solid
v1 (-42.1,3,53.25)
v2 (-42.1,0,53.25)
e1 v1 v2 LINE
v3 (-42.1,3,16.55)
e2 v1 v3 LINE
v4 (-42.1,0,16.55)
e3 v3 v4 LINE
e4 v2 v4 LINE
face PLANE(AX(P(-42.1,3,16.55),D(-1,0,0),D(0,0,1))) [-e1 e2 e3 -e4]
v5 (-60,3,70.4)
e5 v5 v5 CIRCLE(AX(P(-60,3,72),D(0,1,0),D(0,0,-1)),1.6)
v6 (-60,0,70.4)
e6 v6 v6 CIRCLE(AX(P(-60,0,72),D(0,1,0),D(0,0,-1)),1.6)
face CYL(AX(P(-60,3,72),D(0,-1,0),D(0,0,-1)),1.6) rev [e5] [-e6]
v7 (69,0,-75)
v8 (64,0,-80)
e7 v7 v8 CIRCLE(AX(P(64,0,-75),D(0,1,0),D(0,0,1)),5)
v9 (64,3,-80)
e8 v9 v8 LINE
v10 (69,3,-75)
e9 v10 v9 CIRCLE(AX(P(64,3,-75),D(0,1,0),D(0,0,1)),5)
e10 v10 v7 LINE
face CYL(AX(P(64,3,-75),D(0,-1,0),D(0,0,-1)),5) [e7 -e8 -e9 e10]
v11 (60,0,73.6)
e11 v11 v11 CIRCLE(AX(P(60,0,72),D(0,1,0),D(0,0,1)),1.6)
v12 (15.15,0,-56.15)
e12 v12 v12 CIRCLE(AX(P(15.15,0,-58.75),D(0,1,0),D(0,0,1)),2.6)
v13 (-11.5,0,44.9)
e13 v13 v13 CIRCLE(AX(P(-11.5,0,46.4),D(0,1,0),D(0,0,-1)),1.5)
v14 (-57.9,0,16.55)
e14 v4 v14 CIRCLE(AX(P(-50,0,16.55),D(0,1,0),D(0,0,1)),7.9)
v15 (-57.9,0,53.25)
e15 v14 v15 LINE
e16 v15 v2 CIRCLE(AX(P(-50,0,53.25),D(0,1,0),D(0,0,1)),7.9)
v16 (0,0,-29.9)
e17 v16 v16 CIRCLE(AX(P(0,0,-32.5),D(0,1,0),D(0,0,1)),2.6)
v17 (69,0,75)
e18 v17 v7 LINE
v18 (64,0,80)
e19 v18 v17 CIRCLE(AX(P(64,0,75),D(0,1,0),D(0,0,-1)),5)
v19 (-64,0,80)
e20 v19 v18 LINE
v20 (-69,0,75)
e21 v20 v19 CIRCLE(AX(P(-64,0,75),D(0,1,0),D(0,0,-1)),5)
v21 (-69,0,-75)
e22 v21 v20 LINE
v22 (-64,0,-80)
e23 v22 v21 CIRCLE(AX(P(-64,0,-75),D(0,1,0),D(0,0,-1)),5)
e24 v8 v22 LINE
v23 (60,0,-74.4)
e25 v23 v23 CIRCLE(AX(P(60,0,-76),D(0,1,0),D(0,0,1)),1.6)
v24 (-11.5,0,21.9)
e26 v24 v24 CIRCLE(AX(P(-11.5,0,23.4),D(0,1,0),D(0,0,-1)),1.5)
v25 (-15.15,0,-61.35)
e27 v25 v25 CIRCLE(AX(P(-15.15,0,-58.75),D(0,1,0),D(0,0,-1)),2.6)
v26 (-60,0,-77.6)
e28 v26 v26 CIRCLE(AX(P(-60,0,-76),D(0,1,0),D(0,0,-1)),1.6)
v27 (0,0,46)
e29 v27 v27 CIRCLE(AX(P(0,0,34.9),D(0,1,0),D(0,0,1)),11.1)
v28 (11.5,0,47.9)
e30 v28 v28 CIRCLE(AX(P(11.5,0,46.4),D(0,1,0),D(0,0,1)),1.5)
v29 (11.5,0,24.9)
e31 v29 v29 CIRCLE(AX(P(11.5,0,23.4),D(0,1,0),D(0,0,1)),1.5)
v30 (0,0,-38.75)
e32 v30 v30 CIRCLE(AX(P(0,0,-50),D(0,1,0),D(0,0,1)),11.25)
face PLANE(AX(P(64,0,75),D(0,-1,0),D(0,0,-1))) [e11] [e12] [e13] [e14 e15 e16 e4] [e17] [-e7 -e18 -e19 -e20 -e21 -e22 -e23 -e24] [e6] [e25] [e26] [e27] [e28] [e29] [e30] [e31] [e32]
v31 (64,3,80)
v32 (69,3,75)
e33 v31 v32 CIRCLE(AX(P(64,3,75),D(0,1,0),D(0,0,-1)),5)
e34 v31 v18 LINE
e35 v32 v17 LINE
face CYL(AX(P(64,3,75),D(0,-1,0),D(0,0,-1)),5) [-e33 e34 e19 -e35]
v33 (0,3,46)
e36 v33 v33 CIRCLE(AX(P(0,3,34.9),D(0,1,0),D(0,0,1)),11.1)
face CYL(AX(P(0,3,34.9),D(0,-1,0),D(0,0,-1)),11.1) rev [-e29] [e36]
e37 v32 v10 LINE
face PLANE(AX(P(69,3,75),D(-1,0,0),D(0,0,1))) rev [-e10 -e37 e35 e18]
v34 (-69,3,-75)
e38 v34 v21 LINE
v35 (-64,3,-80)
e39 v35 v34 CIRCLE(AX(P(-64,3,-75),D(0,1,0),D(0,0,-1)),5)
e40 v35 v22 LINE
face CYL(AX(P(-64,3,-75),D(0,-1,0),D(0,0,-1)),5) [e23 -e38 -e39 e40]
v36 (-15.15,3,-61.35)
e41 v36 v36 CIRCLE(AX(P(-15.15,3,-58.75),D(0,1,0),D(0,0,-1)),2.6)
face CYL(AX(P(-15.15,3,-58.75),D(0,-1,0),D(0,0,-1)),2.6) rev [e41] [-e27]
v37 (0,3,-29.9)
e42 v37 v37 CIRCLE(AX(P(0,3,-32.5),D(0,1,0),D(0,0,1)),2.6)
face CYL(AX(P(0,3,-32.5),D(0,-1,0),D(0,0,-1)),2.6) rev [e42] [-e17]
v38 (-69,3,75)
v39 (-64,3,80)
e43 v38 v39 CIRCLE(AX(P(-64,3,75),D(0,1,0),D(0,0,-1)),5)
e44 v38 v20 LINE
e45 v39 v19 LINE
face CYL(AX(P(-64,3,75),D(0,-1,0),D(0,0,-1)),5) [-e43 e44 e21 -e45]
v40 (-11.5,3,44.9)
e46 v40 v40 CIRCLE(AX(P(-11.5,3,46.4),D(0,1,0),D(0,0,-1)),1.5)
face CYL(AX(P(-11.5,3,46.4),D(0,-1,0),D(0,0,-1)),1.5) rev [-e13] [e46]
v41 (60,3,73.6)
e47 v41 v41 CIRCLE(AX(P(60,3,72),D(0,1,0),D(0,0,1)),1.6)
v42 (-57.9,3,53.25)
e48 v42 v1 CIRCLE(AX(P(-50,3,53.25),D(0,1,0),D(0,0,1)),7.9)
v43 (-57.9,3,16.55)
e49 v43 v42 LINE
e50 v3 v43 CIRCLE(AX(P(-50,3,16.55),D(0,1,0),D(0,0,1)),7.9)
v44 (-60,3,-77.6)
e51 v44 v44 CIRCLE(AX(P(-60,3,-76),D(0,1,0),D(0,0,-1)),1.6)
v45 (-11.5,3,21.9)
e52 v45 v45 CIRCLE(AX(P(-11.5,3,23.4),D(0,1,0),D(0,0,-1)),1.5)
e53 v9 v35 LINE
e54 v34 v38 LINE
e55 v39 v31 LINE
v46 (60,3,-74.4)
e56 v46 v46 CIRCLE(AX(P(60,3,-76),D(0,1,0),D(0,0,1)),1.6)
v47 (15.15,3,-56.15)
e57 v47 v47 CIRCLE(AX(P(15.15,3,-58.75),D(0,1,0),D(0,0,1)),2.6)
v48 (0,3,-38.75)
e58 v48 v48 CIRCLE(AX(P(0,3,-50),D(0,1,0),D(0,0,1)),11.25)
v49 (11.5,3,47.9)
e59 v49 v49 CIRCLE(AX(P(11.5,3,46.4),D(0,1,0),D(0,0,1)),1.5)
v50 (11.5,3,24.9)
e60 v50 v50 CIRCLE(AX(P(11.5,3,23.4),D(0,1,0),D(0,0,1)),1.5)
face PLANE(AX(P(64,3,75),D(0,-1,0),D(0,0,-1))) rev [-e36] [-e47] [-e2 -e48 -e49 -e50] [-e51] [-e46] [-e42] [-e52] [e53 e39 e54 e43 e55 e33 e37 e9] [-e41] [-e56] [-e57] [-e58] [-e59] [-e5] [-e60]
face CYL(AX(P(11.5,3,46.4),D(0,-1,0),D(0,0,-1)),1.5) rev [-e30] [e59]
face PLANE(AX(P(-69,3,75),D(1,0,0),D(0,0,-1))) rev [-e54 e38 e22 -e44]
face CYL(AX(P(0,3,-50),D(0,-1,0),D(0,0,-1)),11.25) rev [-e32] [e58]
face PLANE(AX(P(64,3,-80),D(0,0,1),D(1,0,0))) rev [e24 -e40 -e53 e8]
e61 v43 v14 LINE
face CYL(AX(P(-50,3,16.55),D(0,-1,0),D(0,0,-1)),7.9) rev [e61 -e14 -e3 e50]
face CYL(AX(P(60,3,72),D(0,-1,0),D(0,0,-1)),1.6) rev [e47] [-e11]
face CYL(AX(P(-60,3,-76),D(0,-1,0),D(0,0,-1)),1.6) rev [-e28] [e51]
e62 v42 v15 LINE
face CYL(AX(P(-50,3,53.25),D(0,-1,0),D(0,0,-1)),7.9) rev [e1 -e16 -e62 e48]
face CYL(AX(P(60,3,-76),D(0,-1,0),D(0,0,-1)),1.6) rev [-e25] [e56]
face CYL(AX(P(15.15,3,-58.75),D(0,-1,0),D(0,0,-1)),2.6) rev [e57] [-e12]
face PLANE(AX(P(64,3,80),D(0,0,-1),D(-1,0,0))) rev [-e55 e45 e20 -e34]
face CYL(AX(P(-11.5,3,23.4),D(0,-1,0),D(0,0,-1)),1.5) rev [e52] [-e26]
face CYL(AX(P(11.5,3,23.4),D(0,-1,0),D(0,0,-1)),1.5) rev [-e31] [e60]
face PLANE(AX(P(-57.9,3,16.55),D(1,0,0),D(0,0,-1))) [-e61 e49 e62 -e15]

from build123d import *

# Parameters (mm, degrees)
SKETCH_1_R      = 1.6
SKETCH_1_R_2    = 11.1
SKETCH_1_R_3    = 1.5
SKETCH_1_R_4    = 11.25
SKETCH_1_R_5    = 2.6
EXTRUDE_1_DEPTH = 3


with BuildPart() as part:
    # 草图1 → 凸台-拉伸1 (new body)
    with BuildSketch(Plane(origin=(0, 0, 0), x_dir=(1, 0, 0), z_dir=(0, 1, 0))):
        with BuildLine():
            Line((64, -80), (-64, -80))
            ThreePointArc((-64, -80), (-67.535533906, -78.535533906), (-69, -75))
            Line((-69, -75), (-69, 75))
            ThreePointArc((-69, 75), (-67.535533906, 78.535533906), (-64, 80))
            Line((-64, 80), (64, 80))
            ThreePointArc((64, 80), (67.535533906, 78.535533906), (69, 75))
            Line((69, 75), (69, -75))
            ThreePointArc((69, -75), (67.535533906, -78.535533906), (64, -80))
        make_face()
        with Locations(Location((60, 76, 0), (0, 0, 270))):
            Circle(SKETCH_1_R, mode=Mode.SUBTRACT)
        with Locations(Location((-60, 76, 0), (0, 0, 90))):
            Circle(SKETCH_1_R, mode=Mode.SUBTRACT)
        with Locations(Location((0, -34.9, 0), (0, 0, 270))):
            Circle(SKETCH_1_R_2, mode=Mode.SUBTRACT)
        with Locations(Location((11.5, -46.4, 0), (0, 0, 270))):
            Circle(SKETCH_1_R_3, mode=Mode.SUBTRACT)
        with Locations(Location((11.5, -23.4, 0), (0, 0, 270))):
            Circle(SKETCH_1_R_3, mode=Mode.SUBTRACT)
        with Locations(Location((-11.5, -46.4, 0), (0, 0, 90))):
            Circle(SKETCH_1_R_3, mode=Mode.SUBTRACT)
        with Locations(Location((-11.5, -23.4, 0), (0, 0, 90))):
            Circle(SKETCH_1_R_3, mode=Mode.SUBTRACT)
        with Locations(Location((0, 50, 0), (0, 0, 270))):
            Circle(SKETCH_1_R_4, mode=Mode.SUBTRACT)
        with Locations(Location((60, -72, 0), (0, 0, 270))):
            Circle(SKETCH_1_R, mode=Mode.SUBTRACT)
        with Locations(Location((-60, -72, 0), (0, 0, 90))):
            Circle(SKETCH_1_R, mode=Mode.SUBTRACT)
        with Locations(Location((0, 32.5, 0), (0, 0, 270))):
            Circle(SKETCH_1_R_5, mode=Mode.SUBTRACT)
        with Locations(Location((15.15, 58.75, 0), (0, 0, 270))):
            Circle(SKETCH_1_R_5, mode=Mode.SUBTRACT)
        with Locations(Location((-15.15, 58.75, 0), (0, 0, 90))):
            Circle(SKETCH_1_R_5, mode=Mode.SUBTRACT)
        with BuildLine():
            Line((-42.1, -16.55), (-42.1, -53.25))
            ThreePointArc((-42.1, -53.25), (-50, -61.15), (-57.9, -53.25))
            Line((-57.9, -53.25), (-57.9, -16.55))
            ThreePointArc((-57.9, -16.55), (-50, -8.65), (-42.1, -16.55))
        make_face(mode=Mode.SUBTRACT)
    extrude(amount=EXTRUDE_1_DEPTH)


solid = part.part
